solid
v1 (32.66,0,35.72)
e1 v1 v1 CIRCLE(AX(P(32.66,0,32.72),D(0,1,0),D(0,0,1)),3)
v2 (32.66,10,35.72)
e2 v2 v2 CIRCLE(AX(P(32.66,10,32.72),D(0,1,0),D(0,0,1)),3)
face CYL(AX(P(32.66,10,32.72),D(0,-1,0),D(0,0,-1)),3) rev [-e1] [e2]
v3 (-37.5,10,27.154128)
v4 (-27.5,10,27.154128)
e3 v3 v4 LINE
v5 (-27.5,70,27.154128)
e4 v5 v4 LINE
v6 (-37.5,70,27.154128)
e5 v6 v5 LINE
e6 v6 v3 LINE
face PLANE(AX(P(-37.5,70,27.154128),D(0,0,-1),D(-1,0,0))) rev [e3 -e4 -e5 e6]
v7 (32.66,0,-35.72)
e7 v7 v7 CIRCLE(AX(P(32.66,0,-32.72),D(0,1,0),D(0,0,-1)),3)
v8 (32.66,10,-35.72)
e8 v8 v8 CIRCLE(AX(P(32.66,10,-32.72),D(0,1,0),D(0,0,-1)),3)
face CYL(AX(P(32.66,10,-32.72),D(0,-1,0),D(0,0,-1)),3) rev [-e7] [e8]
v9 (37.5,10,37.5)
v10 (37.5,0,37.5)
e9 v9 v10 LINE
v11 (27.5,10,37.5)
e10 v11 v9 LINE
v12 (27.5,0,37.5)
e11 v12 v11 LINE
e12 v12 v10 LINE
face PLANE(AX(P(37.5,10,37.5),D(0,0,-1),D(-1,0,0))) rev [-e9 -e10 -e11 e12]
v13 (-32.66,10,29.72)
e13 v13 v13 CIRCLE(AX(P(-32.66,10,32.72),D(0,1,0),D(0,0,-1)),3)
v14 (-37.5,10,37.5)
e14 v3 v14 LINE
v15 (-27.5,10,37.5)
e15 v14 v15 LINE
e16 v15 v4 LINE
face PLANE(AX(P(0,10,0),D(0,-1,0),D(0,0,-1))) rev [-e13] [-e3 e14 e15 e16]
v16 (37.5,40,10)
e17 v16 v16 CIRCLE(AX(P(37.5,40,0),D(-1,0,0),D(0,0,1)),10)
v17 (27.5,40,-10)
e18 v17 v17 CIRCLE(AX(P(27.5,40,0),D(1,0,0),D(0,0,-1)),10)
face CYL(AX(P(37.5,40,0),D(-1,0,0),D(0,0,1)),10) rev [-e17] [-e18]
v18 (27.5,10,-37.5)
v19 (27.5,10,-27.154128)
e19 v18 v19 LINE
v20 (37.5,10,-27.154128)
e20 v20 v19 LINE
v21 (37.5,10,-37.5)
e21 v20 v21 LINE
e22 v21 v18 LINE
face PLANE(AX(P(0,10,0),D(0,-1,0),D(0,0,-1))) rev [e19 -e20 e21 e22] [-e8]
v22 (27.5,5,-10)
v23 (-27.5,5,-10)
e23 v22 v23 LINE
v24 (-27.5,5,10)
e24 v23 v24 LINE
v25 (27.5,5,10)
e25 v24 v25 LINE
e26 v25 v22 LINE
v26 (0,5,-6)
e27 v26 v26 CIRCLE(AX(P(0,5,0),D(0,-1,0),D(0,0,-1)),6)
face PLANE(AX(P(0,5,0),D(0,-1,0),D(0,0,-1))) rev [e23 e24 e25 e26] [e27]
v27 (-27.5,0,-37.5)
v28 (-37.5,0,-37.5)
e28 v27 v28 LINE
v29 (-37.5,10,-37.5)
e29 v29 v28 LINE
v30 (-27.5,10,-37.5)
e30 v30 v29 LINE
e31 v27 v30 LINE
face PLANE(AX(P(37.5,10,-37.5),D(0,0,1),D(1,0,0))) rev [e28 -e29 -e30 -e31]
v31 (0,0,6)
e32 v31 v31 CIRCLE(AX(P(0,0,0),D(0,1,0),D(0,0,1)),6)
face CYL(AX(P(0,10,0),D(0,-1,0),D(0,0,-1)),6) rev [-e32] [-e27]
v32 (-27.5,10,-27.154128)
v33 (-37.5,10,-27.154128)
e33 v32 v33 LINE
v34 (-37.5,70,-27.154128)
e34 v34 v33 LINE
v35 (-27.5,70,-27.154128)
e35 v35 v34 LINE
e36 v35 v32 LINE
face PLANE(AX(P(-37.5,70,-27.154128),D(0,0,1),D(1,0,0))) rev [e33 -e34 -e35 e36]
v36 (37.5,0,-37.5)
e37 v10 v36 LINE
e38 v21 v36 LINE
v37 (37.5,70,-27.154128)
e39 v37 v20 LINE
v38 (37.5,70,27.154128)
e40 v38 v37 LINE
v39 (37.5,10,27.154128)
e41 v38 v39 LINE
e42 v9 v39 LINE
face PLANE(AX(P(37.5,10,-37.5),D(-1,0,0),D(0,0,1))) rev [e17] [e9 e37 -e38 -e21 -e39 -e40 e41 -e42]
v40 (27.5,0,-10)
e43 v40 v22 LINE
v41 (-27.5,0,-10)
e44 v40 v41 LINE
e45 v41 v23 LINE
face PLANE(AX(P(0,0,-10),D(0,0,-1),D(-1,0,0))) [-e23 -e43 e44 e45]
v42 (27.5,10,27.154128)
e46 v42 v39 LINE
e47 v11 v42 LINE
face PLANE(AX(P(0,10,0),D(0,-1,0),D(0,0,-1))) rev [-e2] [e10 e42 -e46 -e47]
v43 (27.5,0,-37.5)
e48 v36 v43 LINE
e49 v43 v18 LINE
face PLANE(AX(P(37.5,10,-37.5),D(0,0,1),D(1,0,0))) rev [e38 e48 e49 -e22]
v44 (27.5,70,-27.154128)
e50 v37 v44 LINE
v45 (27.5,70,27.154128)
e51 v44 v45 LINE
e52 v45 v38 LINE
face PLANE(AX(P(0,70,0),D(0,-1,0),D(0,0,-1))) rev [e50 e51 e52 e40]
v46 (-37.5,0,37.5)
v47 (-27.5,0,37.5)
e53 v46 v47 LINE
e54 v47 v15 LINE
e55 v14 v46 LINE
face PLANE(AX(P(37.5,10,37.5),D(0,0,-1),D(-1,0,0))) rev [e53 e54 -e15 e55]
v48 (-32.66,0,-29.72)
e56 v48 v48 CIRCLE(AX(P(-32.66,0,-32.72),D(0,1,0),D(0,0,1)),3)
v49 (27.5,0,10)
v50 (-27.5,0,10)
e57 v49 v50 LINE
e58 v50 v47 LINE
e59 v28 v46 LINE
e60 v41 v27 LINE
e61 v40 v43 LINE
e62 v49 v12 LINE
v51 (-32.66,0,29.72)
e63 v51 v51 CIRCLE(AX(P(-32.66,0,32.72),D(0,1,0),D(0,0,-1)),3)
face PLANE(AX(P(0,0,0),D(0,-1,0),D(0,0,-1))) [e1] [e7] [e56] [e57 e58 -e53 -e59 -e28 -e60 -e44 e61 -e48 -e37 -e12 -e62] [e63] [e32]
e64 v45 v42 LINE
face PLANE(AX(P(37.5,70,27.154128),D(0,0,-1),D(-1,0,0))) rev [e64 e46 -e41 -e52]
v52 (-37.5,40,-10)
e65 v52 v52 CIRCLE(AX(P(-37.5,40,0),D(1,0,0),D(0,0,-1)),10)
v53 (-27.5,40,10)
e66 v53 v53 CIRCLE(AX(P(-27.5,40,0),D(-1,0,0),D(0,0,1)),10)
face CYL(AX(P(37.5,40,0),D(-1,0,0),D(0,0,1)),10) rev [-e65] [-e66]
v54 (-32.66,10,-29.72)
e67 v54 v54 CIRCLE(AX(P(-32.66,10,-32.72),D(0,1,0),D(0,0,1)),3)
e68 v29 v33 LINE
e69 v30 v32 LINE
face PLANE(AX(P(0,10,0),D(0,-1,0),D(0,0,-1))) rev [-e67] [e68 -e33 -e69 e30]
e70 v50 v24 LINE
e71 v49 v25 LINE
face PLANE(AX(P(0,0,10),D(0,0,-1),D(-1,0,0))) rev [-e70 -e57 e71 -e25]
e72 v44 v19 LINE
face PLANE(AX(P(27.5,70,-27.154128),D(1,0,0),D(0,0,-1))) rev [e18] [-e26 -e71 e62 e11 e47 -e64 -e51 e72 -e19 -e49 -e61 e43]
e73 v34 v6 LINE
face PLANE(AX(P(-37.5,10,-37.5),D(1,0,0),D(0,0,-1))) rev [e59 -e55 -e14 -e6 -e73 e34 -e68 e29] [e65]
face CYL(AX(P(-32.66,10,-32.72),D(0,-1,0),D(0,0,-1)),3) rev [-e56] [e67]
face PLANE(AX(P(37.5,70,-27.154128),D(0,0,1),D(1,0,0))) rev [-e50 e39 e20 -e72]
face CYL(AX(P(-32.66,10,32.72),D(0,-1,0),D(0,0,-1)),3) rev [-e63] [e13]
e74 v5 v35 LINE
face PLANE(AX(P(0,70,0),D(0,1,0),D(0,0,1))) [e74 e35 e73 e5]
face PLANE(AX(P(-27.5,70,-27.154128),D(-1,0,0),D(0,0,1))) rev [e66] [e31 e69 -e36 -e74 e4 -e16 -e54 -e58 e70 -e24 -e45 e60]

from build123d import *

# Parameters (mm, degrees)
SKETCH1_W               = 75
SKETCH1_H               = 75
SKETCH1_R               = 3
SKETCH1_R_2             = 6
BOSS_EXTRUDE1_DEPTH     = 10
SKETCH2_W               = 10
SKETCH2_H               = 54.30825561
BOSS_EXTRUDE2_DEPTH     = 60
CUT_EXTRUDE1_DEPTH      = 110.230261375
CUT_EXTRUDE1_DEPTH_BACK = 110.230261375
SKETCH3_R               = 10
CUT_EXTRUDE2_DEPTH      = 81.07808689
CUT_EXTRUDE2_DEPTH_BACK = 81.07808689
SKETCH5_W               = 55
SKETCH5_H               = 20
CUT_EXTRUDE3_DEPTH      = 5


with BuildPart() as part:
    # Sketch1 → Boss-Extrude1 (new body)
    with BuildSketch(Plane(origin=(0, 0, 0), x_dir=(1, 0, 0), z_dir=(0, 1, 0))):
        Rectangle(SKETCH1_W, SKETCH1_H)
        with Locations(Location((-32.66, 32.72, 0), (0, 0, 270))):
            Circle(SKETCH1_R, mode=Mode.SUBTRACT)
        with Locations(Location((32.66, 32.72, 0), (0, 0, 90))):
            Circle(SKETCH1_R, mode=Mode.SUBTRACT)
        with Locations(Location((32.66, -32.72, 0), (0, 0, 270))):
            Circle(SKETCH1_R, mode=Mode.SUBTRACT)
        with Locations(Location((-32.66, -32.72, 0), (0, 0, 90))):
            Circle(SKETCH1_R, mode=Mode.SUBTRACT)
        with Locations(Location((0, 0, 0), (0, 0, 270))):
            Circle(SKETCH1_R_2, mode=Mode.SUBTRACT)
    extrude(amount=BOSS_EXTRUDE1_DEPTH)

    # Sketch2 → Boss-Extrude2 (add)
    with BuildSketch(Plane(origin=(0, 10, 0), x_dir=(1, 0, 0), z_dir=(0, 1, 0))):
        with Locations((-32.5, 0)):
            Rectangle(SKETCH2_W, SKETCH2_H)
        with Locations((32.5, 0)):
            Rectangle(SKETCH2_W, SKETCH2_H)
    extrude(amount=BOSS_EXTRUDE2_DEPTH)

    # Sketch3 → Cut-Extrude1 (cut, two sides: drawn at the far end of the back side and taken through both)
    with BuildSketch(Plane.ZY.offset(37.5).offset(-CUT_EXTRUDE1_DEPTH_BACK)):
        with Locations((0, 40)):
            Circle(SKETCH3_R)
    extrude(amount=CUT_EXTRUDE1_DEPTH + CUT_EXTRUDE1_DEPTH_BACK, mode=Mode.SUBTRACT)

    # Sketch4 → Cut-Extrude2 (cut, two sides: drawn at the far end of the back side and taken through both)
    with BuildSketch(Plane(origin=(0, 10, 0), x_dir=(1, 0, 0), z_dir=(0, 1, 0)).offset(-CUT_EXTRUDE2_DEPTH_BACK)):
        Polygon((-27.5, 10), (27.5, 10), (27.5, 27.154127805), (27.5, 37.5), (-27.5, 37.5), (-27.5, 27.154127805), align=None)
        Polygon((27.5, -27.154127805), (27.5, -10), (-27.5, -10), (-27.5, -27.154127805), (-27.5, -37.5), (27.5, -37.5), align=None)
    extrude(amount=CUT_EXTRUDE2_DEPTH + CUT_EXTRUDE2_DEPTH_BACK, mode=Mode.SUBTRACT)

    # Sketch5 → Cut-Extrude3 (cut)
    with BuildSketch(Plane(origin=(0, 10, 0), x_dir=(1, 0, 0), z_dir=(0, 1, 0))):
        Rectangle(SKETCH5_W, SKETCH5_H)
    extrude(amount=-CUT_EXTRUDE3_DEPTH, mode=Mode.SUBTRACT)


solid = part.part
